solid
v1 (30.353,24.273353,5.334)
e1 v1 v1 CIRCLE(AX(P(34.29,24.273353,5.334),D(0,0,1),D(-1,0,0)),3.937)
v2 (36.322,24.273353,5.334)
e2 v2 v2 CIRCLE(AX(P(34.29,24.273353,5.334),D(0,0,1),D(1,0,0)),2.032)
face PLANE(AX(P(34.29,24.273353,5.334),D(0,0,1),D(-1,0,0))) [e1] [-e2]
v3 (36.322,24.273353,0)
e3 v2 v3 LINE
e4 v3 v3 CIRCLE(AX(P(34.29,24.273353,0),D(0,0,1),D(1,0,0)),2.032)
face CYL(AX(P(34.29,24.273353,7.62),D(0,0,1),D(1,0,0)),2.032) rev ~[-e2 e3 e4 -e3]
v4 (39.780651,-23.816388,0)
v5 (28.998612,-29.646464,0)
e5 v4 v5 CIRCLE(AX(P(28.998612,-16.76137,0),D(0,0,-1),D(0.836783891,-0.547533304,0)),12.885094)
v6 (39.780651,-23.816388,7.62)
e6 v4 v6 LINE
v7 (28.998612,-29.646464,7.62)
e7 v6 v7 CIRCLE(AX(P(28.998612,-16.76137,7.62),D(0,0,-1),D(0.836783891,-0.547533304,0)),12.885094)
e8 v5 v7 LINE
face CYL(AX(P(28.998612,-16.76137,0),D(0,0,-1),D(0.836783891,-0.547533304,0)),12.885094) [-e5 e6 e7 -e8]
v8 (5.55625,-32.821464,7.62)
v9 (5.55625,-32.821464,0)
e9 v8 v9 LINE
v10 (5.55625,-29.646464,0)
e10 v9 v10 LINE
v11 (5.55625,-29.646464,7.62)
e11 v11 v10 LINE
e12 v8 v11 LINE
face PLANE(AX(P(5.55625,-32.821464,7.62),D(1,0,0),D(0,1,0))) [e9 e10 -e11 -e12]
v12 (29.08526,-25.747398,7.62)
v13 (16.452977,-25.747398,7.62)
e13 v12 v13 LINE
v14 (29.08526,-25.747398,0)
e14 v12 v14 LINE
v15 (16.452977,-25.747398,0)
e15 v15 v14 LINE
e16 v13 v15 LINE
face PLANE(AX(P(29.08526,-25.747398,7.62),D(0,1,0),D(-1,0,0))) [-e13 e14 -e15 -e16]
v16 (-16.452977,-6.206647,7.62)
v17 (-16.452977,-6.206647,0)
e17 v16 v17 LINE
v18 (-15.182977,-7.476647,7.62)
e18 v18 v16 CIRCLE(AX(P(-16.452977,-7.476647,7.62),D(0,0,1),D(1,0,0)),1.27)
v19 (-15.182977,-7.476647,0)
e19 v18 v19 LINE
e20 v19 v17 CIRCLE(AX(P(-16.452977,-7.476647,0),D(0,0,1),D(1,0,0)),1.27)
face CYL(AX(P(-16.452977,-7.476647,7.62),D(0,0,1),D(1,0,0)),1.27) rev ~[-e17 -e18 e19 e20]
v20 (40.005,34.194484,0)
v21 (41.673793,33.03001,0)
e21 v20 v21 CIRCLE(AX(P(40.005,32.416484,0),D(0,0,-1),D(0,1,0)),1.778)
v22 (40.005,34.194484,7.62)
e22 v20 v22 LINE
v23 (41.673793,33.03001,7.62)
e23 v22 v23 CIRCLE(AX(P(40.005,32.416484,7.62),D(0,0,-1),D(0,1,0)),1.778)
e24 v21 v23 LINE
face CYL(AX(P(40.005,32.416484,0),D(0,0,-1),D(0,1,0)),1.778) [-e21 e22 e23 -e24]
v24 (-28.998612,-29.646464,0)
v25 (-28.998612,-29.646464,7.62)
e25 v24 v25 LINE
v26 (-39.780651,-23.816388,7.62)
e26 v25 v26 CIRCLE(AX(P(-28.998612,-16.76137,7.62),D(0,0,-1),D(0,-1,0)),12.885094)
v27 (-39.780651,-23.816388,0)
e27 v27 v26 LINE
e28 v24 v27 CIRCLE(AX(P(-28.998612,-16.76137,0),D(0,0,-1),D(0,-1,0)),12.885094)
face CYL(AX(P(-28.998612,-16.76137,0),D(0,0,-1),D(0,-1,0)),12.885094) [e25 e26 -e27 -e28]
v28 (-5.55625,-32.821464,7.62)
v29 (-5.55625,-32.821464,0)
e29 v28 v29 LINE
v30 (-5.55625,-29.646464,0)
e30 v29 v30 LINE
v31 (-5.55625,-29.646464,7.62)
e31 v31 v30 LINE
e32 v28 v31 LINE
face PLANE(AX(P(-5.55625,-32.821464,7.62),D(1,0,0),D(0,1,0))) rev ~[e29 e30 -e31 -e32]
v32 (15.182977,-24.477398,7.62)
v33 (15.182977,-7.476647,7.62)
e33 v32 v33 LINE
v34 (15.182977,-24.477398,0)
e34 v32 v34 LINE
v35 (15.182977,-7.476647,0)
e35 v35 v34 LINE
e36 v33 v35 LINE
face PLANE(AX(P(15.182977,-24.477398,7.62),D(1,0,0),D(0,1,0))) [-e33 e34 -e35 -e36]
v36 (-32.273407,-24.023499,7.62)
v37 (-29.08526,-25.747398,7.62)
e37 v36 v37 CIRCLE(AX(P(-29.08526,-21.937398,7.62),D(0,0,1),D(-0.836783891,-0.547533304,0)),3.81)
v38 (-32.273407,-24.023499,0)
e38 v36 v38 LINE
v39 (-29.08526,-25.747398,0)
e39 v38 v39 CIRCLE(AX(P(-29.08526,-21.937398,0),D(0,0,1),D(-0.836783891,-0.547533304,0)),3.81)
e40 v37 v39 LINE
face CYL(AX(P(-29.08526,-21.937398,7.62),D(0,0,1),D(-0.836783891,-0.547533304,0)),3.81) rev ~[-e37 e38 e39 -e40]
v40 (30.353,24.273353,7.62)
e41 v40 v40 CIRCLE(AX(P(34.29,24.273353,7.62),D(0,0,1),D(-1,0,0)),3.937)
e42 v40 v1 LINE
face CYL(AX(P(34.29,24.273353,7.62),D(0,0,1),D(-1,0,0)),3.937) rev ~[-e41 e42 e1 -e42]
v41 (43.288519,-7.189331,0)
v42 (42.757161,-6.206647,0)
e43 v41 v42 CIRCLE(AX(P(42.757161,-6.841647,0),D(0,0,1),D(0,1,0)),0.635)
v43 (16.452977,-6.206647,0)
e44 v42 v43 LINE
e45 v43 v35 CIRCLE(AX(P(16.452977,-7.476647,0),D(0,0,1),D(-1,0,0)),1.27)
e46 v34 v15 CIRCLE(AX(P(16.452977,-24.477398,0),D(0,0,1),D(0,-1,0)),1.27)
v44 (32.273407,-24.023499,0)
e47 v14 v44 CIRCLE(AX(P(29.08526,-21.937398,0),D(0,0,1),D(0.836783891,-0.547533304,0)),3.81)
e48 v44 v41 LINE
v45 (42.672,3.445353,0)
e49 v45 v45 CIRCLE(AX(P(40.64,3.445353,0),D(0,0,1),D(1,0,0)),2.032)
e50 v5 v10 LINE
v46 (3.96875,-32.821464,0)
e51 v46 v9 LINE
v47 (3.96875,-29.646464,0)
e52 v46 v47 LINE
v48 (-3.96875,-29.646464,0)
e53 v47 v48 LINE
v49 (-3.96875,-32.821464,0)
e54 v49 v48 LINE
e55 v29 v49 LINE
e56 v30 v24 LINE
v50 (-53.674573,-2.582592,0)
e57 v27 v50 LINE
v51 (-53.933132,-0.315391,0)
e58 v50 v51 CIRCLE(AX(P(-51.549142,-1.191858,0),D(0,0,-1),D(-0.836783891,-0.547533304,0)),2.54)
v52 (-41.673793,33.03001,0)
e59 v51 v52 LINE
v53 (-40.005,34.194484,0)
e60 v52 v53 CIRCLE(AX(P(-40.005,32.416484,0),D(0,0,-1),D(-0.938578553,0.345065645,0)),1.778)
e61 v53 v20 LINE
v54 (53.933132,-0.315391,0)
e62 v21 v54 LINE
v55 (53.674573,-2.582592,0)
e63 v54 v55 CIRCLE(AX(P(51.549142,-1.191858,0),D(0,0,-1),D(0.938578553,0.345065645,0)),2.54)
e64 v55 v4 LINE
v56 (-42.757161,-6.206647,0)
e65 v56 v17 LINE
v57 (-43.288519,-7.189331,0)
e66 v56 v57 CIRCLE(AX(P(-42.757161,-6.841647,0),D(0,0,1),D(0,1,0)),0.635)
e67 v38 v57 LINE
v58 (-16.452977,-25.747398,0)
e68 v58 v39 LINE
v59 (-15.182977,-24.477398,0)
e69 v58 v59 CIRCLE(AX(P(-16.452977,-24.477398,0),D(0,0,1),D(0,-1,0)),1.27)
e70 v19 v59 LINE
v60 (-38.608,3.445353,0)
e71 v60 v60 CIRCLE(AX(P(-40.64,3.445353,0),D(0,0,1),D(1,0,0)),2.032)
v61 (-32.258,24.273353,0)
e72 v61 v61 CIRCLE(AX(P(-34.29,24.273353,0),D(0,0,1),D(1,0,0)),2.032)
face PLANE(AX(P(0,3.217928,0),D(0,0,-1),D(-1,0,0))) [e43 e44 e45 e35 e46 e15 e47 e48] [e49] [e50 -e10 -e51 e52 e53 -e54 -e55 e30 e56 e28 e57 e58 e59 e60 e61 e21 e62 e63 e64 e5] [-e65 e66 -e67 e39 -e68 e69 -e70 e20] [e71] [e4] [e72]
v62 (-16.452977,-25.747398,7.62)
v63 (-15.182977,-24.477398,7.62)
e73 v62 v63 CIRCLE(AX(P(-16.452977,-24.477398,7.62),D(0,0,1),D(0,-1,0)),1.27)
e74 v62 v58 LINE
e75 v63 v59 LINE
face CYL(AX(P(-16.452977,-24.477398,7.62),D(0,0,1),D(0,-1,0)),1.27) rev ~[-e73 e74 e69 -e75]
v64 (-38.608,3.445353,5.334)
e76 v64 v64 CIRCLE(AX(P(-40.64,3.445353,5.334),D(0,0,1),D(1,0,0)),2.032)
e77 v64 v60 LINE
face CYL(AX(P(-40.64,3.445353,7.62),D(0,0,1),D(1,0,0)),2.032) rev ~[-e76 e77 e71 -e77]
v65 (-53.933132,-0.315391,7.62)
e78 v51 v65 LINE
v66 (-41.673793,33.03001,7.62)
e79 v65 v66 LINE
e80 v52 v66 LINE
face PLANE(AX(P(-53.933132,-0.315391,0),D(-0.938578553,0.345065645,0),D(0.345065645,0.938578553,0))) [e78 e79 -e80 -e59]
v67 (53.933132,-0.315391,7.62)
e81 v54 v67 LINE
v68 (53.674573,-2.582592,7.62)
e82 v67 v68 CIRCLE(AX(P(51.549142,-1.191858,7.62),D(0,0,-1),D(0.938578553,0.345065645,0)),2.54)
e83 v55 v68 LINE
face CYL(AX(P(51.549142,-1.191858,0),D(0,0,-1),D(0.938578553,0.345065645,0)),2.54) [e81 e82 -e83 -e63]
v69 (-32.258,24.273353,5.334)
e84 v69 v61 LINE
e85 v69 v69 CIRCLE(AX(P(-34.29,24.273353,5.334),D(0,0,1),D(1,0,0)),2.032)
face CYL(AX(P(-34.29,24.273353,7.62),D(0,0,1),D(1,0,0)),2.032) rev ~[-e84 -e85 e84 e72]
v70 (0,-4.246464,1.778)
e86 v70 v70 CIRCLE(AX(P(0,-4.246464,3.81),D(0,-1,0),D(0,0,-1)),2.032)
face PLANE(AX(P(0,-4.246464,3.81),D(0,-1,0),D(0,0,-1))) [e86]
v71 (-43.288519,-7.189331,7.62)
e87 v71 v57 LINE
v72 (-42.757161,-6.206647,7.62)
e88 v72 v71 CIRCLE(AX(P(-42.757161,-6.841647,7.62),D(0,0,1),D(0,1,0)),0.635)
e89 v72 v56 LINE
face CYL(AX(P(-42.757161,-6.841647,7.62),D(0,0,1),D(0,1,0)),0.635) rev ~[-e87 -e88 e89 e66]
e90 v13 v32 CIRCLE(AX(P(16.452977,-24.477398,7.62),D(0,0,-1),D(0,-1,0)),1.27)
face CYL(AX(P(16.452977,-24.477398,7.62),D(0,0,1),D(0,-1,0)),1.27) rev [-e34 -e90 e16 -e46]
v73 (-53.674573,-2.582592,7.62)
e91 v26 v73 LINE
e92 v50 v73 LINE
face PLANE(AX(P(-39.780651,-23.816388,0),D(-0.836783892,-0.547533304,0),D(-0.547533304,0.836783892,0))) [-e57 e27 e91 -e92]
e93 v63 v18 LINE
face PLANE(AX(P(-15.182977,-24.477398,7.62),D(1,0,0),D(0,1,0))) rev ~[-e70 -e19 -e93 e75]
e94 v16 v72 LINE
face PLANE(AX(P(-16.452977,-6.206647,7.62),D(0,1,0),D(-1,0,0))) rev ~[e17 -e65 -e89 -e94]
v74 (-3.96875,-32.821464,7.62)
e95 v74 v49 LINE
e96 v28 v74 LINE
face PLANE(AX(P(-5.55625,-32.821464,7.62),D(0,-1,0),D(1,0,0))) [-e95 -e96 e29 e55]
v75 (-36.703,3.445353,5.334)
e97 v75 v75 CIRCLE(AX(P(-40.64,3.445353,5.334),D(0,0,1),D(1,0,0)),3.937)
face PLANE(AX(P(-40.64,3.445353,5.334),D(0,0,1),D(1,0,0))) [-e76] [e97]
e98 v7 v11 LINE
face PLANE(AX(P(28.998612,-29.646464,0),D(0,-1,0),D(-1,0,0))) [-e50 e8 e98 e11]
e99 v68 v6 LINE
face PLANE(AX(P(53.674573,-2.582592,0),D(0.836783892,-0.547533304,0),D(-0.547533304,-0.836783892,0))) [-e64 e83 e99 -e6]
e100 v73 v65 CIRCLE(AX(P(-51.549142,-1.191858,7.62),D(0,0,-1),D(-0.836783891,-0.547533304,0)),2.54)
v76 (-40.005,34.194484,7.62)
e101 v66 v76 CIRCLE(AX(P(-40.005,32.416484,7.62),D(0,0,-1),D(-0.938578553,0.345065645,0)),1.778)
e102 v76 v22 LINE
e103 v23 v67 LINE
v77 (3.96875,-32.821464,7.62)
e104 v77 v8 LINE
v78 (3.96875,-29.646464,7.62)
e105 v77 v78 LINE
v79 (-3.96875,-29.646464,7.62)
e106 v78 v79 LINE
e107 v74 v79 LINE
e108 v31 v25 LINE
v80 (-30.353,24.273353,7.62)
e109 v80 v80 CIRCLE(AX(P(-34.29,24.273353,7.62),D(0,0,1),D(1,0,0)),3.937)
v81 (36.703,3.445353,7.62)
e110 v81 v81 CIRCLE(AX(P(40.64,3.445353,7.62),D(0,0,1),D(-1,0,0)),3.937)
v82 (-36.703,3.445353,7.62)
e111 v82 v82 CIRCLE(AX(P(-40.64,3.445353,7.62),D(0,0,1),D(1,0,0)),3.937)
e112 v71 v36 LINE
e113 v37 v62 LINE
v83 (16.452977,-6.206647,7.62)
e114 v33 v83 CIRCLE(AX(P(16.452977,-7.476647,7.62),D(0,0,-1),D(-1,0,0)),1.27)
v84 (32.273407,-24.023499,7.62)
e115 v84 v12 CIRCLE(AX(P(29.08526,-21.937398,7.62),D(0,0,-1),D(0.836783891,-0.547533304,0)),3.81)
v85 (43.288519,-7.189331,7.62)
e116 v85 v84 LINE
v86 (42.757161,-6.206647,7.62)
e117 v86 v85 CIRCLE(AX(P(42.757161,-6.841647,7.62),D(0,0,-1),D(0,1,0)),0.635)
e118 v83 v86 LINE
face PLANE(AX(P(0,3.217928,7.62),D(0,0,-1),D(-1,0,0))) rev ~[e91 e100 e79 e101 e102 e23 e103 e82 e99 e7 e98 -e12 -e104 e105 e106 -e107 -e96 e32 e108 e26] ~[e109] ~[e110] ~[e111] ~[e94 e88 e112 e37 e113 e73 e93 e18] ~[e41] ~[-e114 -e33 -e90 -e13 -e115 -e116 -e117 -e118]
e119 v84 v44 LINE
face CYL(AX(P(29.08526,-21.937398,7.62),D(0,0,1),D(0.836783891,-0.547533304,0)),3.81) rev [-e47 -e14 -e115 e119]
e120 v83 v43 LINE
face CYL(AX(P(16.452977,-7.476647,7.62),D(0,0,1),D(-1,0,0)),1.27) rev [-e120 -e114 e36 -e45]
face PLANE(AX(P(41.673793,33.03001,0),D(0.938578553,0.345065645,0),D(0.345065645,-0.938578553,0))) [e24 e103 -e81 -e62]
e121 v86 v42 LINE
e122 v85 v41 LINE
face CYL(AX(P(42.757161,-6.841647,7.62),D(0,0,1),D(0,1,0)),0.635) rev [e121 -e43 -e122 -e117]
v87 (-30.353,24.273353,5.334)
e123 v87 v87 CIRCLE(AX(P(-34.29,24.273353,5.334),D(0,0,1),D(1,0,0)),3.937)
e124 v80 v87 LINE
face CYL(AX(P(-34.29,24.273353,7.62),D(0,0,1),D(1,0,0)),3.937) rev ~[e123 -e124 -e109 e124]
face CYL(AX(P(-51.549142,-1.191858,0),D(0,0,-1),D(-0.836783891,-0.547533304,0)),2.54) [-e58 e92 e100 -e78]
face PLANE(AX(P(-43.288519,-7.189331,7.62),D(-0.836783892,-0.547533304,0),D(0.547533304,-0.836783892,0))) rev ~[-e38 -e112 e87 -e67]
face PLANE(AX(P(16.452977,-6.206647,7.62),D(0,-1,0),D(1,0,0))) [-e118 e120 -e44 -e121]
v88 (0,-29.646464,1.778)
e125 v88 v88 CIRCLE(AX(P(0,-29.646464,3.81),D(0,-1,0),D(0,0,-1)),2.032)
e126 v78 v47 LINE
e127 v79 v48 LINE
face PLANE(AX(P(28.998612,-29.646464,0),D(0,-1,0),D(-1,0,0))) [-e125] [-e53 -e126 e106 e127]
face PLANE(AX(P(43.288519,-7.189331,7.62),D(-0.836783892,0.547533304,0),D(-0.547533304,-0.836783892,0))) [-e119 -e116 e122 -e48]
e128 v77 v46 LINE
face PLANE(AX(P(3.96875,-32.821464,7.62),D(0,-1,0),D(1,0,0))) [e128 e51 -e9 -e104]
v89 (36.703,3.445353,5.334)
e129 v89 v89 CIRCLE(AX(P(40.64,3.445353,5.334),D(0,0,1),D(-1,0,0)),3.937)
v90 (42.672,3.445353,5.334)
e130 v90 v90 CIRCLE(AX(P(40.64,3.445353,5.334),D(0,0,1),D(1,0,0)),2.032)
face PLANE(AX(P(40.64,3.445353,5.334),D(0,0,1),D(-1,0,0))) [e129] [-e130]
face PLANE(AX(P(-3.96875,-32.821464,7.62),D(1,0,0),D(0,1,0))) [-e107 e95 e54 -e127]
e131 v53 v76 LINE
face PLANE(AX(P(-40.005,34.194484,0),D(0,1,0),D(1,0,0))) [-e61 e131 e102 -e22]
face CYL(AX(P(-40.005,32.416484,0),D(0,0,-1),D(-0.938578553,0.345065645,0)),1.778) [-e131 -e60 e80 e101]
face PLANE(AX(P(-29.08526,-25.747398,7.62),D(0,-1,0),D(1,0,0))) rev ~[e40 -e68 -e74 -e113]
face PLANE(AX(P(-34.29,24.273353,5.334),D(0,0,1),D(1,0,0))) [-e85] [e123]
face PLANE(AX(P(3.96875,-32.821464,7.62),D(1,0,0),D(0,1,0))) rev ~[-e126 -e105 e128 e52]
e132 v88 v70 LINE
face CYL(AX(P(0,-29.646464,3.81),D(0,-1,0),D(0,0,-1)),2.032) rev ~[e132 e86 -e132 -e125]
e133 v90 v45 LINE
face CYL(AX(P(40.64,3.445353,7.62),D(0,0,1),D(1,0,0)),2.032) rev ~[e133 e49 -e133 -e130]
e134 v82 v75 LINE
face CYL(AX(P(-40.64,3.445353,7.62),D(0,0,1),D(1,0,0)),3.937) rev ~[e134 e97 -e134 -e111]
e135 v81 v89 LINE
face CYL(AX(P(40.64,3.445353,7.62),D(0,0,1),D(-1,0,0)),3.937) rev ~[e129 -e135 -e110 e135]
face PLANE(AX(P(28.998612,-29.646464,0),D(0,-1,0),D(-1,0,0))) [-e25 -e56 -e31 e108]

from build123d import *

# Parameters (mm, degrees)
BOSS_EXTRUDE1_DEPTH = 7.62
CUT_EXTRUDE4_DEPTH  = 65.443482206
SKETCH8_R           = 2.032
CUT_EXTRUDE6_DEPTH  = 65.443482206
SKETCH9_R           = 2.032
CUT_EXTRUDE7_DEPTH  = 25.4
SKETCH11_R          = 3.937
CUT_EXTRUDE9_DEPTH  = 2.286
SKETCH12_W          = 1.5875
SKETCH12_H          = 3.175
BOSS_EXTRUDE2_DEPTH = 7.62


with BuildPart() as part:
    # Sketch2 → Boss-Extrude1 (new body)
    with BuildSketch(Plane.XY):
        with BuildLine():
            Line((-53.9331315, -0.315391151), (-41.673792668, 33.030010472))
            ThreePointArc((-41.673792668, 33.030010472), (-41.022456018, 33.874587748), (-40.005, 34.194483756))
            Line((-40.005, 34.194483756), (40.005, 34.194483756))
            ThreePointArc((40.005, 34.194483756), (41.022456018, 33.874587748), (41.673792668, 33.030010472))
            Line((41.673792668, 33.030010472), (53.9331315, -0.315391151))
            ThreePointArc((53.9331315, -0.315391151), (54.072783991, -1.479661595), (53.674573059, -2.582592481))
            Line((53.674573059, -2.582592481), (39.780650937, -23.816388011))
            ThreePointArc((39.780650937, -23.816388011), (35.127277075, -28.095614939), (28.998611748, -29.64646397))
            Line((28.998611748, -29.64646397), (-28.998611748, -29.64646397))
            ThreePointArc((-28.998611748, -29.64646397), (-35.127277075, -28.095614939), (-39.780650937, -23.816388011))
            Line((-39.780650937, -23.816388011), (-53.674573059, -2.582592481))
            ThreePointArc((-53.674573059, -2.582592481), (-54.072783991, -1.479661595), (-53.9331315, -0.315391151))
        make_face()
    extrude(amount=BOSS_EXTRUDE1_DEPTH)

    # Sketch6 → Cut-Extrude4 (cut, through all)
    with BuildSketch(Plane.XY.offset(7.62)):
        with BuildLine():
            Line((-43.288518763, -7.189330581), (-32.273407011, -24.02349941))
            ThreePointArc((-32.273407011, -24.02349941), (-30.897448537, -25.288826187), (-29.085260384, -25.747397522))
            Line((-29.085260384, -25.747397522), (-16.452977044, -25.747397522))
            ThreePointArc((-16.452977044, -25.747397522), (-15.554951432, -25.375423134), (-15.182977044, -24.477397522))
            Line((-15.182977044, -24.477397522), (-15.182977044, -7.476646933))
            ThreePointArc((-15.182977044, -7.476646933), (-15.554951432, -6.578621321), (-16.452977044, -6.206646933))
            Line((-16.452977044, -6.206646933), (-42.757160992, -6.206646933))
            ThreePointArc((-42.757160992, -6.206646933), (-43.315732436, -6.539615574), (-43.288518763, -7.189330581))
        make_face()
        with BuildLine():
            Line((43.288518763, -7.189330581), (32.273407011, -24.02349941))
            ThreePointArc((32.273407011, -24.02349941), (30.897448537, -25.288826187), (29.085260384, -25.747397522))
            Line((29.085260384, -25.747397522), (16.452977044, -25.747397522))
            ThreePointArc((16.452977044, -25.747397522), (15.554951432, -25.375423134), (15.182977044, -24.477397522))
            Line((15.182977044, -24.477397522), (15.182977044, -7.476646933))
            ThreePointArc((15.182977044, -7.476646933), (15.554951432, -6.578621321), (16.452977044, -6.206646933))
            Line((16.452977044, -6.206646933), (42.757160992, -6.206646933))
            ThreePointArc((42.757160992, -6.206646933), (43.315732436, -6.539615574), (43.288518763, -7.189330581))
        make_face()
    extrude(amount=-CUT_EXTRUDE4_DEPTH, mode=Mode.SUBTRACT)

    # Sketch8 → Cut-Extrude6 (cut, through all)
    with BuildSketch(Plane.XY.offset(7.62)):
        with Locations((-40.64, 3.445353067)):
            Circle(SKETCH8_R)
        with Locations((-34.29, 24.273353067)):
            Circle(SKETCH8_R)
        with Locations((40.64, 3.445353067)):
            Circle(SKETCH8_R)
        with Locations((34.29, 24.273353067)):
            Circle(SKETCH8_R)
    extrude(amount=-CUT_EXTRUDE6_DEPTH, mode=Mode.SUBTRACT)

    # Sketch9 → Cut-Extrude7 (cut)
    with BuildSketch(Plane.XZ.offset(29.64646397)):
        with Locations(Location((0, 3.81, 0), (0, 0, 270))):
            Circle(SKETCH9_R)
    extrude(amount=-CUT_EXTRUDE7_DEPTH, mode=Mode.SUBTRACT)

    # Sketch11 → Cut-Extrude9 (cut)
    with BuildSketch(Plane.XY.offset(7.62)):
        with Locations((-34.29, 24.273353067)):
            Circle(SKETCH11_R)
        with Locations((-40.64, 3.445353067)):
            Circle(SKETCH11_R)
        with Locations(Location((40.64, 3.445353067, 0), (0, 0, 180))):
            Circle(SKETCH11_R)
        with Locations(Location((34.29, 24.273353067, 0), (0, 0, 180))):
            Circle(SKETCH11_R)
    extrude(amount=-CUT_EXTRUDE9_DEPTH, mode=Mode.SUBTRACT)

    # Sketch12 → Boss-Extrude2 (add)
    with BuildSketch(Plane.XY.offset(7.62)):
        with Locations((-4.7625, -31.23396397)):
            Rectangle(SKETCH12_W, SKETCH12_H)
        with Locations((4.7625, -31.23396397)):
            Rectangle(SKETCH12_W, SKETCH12_H)
    extrude(amount=-BOSS_EXTRUDE2_DEPTH)


solid = part.part
